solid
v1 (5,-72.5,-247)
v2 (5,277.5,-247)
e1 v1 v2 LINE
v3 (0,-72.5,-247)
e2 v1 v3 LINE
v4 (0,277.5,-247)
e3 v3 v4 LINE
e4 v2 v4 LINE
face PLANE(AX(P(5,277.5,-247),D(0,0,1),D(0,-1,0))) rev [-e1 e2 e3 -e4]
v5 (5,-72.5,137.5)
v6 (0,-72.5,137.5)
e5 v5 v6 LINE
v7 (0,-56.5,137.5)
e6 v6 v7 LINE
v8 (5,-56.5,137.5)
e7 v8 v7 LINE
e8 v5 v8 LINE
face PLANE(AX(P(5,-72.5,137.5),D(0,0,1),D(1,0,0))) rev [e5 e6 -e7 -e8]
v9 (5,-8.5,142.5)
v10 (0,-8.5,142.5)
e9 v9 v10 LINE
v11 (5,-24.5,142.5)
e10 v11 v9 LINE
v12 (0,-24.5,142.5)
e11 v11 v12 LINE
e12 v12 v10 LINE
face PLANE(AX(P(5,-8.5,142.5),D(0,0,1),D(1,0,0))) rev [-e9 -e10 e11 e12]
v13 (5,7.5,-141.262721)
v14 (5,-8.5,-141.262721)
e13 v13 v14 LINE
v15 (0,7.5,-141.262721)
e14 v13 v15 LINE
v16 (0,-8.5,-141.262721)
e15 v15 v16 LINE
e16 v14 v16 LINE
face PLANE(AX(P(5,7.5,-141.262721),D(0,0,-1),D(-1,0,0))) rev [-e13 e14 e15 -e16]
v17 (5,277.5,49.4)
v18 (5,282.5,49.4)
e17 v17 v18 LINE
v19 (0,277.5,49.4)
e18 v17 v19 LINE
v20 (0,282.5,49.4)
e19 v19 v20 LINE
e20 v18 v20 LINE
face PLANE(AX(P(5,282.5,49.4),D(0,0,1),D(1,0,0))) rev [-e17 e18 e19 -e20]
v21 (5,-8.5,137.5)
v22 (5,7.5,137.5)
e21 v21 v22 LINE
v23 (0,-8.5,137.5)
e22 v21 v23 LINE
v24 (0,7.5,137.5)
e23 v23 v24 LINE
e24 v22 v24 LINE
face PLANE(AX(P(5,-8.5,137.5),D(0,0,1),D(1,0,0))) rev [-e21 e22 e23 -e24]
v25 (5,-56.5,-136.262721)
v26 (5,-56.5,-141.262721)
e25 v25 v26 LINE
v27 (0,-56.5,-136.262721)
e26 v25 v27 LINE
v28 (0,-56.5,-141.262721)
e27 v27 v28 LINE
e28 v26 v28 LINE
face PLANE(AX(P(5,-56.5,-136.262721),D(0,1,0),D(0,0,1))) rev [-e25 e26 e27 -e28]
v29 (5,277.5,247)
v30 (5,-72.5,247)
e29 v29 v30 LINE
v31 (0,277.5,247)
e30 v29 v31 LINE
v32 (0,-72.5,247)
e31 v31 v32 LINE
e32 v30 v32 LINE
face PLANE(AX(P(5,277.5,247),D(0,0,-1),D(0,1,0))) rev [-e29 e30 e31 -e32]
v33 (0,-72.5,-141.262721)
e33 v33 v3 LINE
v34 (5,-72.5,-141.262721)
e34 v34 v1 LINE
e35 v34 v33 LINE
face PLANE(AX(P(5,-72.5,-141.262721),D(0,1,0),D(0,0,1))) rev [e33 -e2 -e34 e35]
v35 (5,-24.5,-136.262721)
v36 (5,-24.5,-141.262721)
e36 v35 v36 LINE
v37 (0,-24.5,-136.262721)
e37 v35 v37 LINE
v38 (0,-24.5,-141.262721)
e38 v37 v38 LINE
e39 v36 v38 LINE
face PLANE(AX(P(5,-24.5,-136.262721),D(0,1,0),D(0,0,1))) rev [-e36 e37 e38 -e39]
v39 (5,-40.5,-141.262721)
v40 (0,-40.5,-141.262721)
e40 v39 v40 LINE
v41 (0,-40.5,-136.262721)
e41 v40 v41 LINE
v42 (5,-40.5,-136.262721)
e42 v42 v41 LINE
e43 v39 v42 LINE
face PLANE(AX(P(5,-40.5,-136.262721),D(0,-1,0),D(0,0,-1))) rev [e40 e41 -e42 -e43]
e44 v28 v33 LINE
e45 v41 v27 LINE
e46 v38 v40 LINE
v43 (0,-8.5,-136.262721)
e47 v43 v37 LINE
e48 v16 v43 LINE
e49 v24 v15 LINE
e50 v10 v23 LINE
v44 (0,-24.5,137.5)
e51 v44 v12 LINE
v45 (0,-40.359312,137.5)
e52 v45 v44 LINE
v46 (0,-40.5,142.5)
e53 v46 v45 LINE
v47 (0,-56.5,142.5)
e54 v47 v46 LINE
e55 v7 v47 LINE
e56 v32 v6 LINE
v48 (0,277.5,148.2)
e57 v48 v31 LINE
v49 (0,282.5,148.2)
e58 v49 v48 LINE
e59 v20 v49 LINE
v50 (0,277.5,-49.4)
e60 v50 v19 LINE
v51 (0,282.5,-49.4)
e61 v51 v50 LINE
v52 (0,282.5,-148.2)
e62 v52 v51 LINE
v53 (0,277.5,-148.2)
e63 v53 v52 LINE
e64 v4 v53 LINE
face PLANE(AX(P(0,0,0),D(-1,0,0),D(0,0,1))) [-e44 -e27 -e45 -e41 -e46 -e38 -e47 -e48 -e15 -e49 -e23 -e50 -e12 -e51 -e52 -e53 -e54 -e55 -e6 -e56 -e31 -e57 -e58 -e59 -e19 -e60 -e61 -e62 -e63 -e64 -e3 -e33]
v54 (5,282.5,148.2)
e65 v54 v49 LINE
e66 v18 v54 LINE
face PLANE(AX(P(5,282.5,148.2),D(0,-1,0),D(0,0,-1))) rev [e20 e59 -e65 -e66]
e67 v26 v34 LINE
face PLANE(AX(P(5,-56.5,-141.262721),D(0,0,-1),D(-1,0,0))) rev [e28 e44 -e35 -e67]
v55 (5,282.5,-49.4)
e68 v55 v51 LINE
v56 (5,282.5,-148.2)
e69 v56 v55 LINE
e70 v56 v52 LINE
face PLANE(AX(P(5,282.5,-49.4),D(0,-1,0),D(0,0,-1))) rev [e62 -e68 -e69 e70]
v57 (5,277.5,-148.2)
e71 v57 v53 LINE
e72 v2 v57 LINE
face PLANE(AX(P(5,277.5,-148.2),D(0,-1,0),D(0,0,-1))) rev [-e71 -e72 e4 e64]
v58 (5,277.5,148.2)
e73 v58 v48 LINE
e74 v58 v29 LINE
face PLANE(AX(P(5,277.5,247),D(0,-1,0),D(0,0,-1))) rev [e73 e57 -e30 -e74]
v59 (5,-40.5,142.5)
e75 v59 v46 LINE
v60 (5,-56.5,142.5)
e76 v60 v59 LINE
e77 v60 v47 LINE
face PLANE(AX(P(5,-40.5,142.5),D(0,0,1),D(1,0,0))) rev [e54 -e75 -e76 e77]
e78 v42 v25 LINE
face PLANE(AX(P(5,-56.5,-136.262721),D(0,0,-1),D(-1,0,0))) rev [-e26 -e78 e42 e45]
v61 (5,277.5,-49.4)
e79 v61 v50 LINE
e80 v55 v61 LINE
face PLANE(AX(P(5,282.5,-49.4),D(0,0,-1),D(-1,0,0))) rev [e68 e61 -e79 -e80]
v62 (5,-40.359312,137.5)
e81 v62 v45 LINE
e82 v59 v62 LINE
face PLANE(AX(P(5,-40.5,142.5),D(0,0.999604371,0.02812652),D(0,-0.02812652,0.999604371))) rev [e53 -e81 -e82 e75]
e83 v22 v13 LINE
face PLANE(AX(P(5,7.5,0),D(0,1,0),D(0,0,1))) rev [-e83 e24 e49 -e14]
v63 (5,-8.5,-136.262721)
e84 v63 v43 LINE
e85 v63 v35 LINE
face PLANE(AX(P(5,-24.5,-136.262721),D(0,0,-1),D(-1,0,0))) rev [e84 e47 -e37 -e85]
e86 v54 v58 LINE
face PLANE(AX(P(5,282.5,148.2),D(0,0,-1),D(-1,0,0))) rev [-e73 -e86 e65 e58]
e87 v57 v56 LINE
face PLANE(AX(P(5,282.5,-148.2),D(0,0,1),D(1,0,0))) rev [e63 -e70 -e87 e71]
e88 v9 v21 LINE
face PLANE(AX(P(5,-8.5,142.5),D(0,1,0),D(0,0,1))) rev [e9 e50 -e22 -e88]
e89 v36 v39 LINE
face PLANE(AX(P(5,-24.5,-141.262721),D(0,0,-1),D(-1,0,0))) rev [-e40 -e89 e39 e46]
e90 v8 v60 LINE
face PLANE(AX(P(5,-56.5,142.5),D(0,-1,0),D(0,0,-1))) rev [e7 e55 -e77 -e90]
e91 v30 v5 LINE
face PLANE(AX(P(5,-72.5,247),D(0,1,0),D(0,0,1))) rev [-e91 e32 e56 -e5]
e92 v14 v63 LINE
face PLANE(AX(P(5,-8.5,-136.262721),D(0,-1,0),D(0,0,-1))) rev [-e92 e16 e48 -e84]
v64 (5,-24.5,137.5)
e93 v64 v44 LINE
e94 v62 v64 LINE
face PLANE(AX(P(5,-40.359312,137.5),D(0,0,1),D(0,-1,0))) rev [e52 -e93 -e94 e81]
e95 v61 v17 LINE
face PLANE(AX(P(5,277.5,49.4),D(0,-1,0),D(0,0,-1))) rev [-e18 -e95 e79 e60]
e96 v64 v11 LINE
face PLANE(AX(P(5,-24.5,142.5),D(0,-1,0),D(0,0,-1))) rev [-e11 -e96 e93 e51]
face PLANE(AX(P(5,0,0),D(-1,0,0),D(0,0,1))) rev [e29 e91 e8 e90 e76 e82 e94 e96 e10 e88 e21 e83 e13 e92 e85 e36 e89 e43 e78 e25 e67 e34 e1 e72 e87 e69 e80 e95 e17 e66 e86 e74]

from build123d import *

# Parameters (mm, degrees)
BOSS_EXTRUDE1_DEPTH = 5


with BuildPart() as part:
    # Sketch1 → Boss-Extrude1 (new body)
    with BuildSketch(Plane(origin=(0, 0, 0), x_dir=(0, 0, -1), z_dir=(1, 0, 0))):
        Polygon((-247, 277.5), (-148.2, 277.5), (-148.2, 282.5), (-49.4, 282.5), (-49.4, 277.5), (49.4, 277.5), (49.4, 282.5), (148.2, 282.5), (148.2, 277.5), (247, 277.5), (247, -72.5), (141.262721236, -72.5), (141.262721236, -56.5), (136.262721236, -56.5), (136.262721236, -40.5), (141.262721236, -40.5), (141.262721236, -24.5), (136.262721236, -24.5), (136.262721236, -8.5), (141.262721236, -8.5), (141.262721236, 7.5), (0, 7.5), (-137.5, 7.5), (-137.5, -8.5), (-142.5, -8.5), (-142.5, -24.5), (-137.5, -24.5), (-137.5, -40.359311741), (-142.5, -40.5), (-142.5, -56.5), (-137.5, -56.5), (-137.5, -72.5), (-247, -72.5), align=None)
    extrude(amount=BOSS_EXTRUDE1_DEPTH)


solid = part.part
